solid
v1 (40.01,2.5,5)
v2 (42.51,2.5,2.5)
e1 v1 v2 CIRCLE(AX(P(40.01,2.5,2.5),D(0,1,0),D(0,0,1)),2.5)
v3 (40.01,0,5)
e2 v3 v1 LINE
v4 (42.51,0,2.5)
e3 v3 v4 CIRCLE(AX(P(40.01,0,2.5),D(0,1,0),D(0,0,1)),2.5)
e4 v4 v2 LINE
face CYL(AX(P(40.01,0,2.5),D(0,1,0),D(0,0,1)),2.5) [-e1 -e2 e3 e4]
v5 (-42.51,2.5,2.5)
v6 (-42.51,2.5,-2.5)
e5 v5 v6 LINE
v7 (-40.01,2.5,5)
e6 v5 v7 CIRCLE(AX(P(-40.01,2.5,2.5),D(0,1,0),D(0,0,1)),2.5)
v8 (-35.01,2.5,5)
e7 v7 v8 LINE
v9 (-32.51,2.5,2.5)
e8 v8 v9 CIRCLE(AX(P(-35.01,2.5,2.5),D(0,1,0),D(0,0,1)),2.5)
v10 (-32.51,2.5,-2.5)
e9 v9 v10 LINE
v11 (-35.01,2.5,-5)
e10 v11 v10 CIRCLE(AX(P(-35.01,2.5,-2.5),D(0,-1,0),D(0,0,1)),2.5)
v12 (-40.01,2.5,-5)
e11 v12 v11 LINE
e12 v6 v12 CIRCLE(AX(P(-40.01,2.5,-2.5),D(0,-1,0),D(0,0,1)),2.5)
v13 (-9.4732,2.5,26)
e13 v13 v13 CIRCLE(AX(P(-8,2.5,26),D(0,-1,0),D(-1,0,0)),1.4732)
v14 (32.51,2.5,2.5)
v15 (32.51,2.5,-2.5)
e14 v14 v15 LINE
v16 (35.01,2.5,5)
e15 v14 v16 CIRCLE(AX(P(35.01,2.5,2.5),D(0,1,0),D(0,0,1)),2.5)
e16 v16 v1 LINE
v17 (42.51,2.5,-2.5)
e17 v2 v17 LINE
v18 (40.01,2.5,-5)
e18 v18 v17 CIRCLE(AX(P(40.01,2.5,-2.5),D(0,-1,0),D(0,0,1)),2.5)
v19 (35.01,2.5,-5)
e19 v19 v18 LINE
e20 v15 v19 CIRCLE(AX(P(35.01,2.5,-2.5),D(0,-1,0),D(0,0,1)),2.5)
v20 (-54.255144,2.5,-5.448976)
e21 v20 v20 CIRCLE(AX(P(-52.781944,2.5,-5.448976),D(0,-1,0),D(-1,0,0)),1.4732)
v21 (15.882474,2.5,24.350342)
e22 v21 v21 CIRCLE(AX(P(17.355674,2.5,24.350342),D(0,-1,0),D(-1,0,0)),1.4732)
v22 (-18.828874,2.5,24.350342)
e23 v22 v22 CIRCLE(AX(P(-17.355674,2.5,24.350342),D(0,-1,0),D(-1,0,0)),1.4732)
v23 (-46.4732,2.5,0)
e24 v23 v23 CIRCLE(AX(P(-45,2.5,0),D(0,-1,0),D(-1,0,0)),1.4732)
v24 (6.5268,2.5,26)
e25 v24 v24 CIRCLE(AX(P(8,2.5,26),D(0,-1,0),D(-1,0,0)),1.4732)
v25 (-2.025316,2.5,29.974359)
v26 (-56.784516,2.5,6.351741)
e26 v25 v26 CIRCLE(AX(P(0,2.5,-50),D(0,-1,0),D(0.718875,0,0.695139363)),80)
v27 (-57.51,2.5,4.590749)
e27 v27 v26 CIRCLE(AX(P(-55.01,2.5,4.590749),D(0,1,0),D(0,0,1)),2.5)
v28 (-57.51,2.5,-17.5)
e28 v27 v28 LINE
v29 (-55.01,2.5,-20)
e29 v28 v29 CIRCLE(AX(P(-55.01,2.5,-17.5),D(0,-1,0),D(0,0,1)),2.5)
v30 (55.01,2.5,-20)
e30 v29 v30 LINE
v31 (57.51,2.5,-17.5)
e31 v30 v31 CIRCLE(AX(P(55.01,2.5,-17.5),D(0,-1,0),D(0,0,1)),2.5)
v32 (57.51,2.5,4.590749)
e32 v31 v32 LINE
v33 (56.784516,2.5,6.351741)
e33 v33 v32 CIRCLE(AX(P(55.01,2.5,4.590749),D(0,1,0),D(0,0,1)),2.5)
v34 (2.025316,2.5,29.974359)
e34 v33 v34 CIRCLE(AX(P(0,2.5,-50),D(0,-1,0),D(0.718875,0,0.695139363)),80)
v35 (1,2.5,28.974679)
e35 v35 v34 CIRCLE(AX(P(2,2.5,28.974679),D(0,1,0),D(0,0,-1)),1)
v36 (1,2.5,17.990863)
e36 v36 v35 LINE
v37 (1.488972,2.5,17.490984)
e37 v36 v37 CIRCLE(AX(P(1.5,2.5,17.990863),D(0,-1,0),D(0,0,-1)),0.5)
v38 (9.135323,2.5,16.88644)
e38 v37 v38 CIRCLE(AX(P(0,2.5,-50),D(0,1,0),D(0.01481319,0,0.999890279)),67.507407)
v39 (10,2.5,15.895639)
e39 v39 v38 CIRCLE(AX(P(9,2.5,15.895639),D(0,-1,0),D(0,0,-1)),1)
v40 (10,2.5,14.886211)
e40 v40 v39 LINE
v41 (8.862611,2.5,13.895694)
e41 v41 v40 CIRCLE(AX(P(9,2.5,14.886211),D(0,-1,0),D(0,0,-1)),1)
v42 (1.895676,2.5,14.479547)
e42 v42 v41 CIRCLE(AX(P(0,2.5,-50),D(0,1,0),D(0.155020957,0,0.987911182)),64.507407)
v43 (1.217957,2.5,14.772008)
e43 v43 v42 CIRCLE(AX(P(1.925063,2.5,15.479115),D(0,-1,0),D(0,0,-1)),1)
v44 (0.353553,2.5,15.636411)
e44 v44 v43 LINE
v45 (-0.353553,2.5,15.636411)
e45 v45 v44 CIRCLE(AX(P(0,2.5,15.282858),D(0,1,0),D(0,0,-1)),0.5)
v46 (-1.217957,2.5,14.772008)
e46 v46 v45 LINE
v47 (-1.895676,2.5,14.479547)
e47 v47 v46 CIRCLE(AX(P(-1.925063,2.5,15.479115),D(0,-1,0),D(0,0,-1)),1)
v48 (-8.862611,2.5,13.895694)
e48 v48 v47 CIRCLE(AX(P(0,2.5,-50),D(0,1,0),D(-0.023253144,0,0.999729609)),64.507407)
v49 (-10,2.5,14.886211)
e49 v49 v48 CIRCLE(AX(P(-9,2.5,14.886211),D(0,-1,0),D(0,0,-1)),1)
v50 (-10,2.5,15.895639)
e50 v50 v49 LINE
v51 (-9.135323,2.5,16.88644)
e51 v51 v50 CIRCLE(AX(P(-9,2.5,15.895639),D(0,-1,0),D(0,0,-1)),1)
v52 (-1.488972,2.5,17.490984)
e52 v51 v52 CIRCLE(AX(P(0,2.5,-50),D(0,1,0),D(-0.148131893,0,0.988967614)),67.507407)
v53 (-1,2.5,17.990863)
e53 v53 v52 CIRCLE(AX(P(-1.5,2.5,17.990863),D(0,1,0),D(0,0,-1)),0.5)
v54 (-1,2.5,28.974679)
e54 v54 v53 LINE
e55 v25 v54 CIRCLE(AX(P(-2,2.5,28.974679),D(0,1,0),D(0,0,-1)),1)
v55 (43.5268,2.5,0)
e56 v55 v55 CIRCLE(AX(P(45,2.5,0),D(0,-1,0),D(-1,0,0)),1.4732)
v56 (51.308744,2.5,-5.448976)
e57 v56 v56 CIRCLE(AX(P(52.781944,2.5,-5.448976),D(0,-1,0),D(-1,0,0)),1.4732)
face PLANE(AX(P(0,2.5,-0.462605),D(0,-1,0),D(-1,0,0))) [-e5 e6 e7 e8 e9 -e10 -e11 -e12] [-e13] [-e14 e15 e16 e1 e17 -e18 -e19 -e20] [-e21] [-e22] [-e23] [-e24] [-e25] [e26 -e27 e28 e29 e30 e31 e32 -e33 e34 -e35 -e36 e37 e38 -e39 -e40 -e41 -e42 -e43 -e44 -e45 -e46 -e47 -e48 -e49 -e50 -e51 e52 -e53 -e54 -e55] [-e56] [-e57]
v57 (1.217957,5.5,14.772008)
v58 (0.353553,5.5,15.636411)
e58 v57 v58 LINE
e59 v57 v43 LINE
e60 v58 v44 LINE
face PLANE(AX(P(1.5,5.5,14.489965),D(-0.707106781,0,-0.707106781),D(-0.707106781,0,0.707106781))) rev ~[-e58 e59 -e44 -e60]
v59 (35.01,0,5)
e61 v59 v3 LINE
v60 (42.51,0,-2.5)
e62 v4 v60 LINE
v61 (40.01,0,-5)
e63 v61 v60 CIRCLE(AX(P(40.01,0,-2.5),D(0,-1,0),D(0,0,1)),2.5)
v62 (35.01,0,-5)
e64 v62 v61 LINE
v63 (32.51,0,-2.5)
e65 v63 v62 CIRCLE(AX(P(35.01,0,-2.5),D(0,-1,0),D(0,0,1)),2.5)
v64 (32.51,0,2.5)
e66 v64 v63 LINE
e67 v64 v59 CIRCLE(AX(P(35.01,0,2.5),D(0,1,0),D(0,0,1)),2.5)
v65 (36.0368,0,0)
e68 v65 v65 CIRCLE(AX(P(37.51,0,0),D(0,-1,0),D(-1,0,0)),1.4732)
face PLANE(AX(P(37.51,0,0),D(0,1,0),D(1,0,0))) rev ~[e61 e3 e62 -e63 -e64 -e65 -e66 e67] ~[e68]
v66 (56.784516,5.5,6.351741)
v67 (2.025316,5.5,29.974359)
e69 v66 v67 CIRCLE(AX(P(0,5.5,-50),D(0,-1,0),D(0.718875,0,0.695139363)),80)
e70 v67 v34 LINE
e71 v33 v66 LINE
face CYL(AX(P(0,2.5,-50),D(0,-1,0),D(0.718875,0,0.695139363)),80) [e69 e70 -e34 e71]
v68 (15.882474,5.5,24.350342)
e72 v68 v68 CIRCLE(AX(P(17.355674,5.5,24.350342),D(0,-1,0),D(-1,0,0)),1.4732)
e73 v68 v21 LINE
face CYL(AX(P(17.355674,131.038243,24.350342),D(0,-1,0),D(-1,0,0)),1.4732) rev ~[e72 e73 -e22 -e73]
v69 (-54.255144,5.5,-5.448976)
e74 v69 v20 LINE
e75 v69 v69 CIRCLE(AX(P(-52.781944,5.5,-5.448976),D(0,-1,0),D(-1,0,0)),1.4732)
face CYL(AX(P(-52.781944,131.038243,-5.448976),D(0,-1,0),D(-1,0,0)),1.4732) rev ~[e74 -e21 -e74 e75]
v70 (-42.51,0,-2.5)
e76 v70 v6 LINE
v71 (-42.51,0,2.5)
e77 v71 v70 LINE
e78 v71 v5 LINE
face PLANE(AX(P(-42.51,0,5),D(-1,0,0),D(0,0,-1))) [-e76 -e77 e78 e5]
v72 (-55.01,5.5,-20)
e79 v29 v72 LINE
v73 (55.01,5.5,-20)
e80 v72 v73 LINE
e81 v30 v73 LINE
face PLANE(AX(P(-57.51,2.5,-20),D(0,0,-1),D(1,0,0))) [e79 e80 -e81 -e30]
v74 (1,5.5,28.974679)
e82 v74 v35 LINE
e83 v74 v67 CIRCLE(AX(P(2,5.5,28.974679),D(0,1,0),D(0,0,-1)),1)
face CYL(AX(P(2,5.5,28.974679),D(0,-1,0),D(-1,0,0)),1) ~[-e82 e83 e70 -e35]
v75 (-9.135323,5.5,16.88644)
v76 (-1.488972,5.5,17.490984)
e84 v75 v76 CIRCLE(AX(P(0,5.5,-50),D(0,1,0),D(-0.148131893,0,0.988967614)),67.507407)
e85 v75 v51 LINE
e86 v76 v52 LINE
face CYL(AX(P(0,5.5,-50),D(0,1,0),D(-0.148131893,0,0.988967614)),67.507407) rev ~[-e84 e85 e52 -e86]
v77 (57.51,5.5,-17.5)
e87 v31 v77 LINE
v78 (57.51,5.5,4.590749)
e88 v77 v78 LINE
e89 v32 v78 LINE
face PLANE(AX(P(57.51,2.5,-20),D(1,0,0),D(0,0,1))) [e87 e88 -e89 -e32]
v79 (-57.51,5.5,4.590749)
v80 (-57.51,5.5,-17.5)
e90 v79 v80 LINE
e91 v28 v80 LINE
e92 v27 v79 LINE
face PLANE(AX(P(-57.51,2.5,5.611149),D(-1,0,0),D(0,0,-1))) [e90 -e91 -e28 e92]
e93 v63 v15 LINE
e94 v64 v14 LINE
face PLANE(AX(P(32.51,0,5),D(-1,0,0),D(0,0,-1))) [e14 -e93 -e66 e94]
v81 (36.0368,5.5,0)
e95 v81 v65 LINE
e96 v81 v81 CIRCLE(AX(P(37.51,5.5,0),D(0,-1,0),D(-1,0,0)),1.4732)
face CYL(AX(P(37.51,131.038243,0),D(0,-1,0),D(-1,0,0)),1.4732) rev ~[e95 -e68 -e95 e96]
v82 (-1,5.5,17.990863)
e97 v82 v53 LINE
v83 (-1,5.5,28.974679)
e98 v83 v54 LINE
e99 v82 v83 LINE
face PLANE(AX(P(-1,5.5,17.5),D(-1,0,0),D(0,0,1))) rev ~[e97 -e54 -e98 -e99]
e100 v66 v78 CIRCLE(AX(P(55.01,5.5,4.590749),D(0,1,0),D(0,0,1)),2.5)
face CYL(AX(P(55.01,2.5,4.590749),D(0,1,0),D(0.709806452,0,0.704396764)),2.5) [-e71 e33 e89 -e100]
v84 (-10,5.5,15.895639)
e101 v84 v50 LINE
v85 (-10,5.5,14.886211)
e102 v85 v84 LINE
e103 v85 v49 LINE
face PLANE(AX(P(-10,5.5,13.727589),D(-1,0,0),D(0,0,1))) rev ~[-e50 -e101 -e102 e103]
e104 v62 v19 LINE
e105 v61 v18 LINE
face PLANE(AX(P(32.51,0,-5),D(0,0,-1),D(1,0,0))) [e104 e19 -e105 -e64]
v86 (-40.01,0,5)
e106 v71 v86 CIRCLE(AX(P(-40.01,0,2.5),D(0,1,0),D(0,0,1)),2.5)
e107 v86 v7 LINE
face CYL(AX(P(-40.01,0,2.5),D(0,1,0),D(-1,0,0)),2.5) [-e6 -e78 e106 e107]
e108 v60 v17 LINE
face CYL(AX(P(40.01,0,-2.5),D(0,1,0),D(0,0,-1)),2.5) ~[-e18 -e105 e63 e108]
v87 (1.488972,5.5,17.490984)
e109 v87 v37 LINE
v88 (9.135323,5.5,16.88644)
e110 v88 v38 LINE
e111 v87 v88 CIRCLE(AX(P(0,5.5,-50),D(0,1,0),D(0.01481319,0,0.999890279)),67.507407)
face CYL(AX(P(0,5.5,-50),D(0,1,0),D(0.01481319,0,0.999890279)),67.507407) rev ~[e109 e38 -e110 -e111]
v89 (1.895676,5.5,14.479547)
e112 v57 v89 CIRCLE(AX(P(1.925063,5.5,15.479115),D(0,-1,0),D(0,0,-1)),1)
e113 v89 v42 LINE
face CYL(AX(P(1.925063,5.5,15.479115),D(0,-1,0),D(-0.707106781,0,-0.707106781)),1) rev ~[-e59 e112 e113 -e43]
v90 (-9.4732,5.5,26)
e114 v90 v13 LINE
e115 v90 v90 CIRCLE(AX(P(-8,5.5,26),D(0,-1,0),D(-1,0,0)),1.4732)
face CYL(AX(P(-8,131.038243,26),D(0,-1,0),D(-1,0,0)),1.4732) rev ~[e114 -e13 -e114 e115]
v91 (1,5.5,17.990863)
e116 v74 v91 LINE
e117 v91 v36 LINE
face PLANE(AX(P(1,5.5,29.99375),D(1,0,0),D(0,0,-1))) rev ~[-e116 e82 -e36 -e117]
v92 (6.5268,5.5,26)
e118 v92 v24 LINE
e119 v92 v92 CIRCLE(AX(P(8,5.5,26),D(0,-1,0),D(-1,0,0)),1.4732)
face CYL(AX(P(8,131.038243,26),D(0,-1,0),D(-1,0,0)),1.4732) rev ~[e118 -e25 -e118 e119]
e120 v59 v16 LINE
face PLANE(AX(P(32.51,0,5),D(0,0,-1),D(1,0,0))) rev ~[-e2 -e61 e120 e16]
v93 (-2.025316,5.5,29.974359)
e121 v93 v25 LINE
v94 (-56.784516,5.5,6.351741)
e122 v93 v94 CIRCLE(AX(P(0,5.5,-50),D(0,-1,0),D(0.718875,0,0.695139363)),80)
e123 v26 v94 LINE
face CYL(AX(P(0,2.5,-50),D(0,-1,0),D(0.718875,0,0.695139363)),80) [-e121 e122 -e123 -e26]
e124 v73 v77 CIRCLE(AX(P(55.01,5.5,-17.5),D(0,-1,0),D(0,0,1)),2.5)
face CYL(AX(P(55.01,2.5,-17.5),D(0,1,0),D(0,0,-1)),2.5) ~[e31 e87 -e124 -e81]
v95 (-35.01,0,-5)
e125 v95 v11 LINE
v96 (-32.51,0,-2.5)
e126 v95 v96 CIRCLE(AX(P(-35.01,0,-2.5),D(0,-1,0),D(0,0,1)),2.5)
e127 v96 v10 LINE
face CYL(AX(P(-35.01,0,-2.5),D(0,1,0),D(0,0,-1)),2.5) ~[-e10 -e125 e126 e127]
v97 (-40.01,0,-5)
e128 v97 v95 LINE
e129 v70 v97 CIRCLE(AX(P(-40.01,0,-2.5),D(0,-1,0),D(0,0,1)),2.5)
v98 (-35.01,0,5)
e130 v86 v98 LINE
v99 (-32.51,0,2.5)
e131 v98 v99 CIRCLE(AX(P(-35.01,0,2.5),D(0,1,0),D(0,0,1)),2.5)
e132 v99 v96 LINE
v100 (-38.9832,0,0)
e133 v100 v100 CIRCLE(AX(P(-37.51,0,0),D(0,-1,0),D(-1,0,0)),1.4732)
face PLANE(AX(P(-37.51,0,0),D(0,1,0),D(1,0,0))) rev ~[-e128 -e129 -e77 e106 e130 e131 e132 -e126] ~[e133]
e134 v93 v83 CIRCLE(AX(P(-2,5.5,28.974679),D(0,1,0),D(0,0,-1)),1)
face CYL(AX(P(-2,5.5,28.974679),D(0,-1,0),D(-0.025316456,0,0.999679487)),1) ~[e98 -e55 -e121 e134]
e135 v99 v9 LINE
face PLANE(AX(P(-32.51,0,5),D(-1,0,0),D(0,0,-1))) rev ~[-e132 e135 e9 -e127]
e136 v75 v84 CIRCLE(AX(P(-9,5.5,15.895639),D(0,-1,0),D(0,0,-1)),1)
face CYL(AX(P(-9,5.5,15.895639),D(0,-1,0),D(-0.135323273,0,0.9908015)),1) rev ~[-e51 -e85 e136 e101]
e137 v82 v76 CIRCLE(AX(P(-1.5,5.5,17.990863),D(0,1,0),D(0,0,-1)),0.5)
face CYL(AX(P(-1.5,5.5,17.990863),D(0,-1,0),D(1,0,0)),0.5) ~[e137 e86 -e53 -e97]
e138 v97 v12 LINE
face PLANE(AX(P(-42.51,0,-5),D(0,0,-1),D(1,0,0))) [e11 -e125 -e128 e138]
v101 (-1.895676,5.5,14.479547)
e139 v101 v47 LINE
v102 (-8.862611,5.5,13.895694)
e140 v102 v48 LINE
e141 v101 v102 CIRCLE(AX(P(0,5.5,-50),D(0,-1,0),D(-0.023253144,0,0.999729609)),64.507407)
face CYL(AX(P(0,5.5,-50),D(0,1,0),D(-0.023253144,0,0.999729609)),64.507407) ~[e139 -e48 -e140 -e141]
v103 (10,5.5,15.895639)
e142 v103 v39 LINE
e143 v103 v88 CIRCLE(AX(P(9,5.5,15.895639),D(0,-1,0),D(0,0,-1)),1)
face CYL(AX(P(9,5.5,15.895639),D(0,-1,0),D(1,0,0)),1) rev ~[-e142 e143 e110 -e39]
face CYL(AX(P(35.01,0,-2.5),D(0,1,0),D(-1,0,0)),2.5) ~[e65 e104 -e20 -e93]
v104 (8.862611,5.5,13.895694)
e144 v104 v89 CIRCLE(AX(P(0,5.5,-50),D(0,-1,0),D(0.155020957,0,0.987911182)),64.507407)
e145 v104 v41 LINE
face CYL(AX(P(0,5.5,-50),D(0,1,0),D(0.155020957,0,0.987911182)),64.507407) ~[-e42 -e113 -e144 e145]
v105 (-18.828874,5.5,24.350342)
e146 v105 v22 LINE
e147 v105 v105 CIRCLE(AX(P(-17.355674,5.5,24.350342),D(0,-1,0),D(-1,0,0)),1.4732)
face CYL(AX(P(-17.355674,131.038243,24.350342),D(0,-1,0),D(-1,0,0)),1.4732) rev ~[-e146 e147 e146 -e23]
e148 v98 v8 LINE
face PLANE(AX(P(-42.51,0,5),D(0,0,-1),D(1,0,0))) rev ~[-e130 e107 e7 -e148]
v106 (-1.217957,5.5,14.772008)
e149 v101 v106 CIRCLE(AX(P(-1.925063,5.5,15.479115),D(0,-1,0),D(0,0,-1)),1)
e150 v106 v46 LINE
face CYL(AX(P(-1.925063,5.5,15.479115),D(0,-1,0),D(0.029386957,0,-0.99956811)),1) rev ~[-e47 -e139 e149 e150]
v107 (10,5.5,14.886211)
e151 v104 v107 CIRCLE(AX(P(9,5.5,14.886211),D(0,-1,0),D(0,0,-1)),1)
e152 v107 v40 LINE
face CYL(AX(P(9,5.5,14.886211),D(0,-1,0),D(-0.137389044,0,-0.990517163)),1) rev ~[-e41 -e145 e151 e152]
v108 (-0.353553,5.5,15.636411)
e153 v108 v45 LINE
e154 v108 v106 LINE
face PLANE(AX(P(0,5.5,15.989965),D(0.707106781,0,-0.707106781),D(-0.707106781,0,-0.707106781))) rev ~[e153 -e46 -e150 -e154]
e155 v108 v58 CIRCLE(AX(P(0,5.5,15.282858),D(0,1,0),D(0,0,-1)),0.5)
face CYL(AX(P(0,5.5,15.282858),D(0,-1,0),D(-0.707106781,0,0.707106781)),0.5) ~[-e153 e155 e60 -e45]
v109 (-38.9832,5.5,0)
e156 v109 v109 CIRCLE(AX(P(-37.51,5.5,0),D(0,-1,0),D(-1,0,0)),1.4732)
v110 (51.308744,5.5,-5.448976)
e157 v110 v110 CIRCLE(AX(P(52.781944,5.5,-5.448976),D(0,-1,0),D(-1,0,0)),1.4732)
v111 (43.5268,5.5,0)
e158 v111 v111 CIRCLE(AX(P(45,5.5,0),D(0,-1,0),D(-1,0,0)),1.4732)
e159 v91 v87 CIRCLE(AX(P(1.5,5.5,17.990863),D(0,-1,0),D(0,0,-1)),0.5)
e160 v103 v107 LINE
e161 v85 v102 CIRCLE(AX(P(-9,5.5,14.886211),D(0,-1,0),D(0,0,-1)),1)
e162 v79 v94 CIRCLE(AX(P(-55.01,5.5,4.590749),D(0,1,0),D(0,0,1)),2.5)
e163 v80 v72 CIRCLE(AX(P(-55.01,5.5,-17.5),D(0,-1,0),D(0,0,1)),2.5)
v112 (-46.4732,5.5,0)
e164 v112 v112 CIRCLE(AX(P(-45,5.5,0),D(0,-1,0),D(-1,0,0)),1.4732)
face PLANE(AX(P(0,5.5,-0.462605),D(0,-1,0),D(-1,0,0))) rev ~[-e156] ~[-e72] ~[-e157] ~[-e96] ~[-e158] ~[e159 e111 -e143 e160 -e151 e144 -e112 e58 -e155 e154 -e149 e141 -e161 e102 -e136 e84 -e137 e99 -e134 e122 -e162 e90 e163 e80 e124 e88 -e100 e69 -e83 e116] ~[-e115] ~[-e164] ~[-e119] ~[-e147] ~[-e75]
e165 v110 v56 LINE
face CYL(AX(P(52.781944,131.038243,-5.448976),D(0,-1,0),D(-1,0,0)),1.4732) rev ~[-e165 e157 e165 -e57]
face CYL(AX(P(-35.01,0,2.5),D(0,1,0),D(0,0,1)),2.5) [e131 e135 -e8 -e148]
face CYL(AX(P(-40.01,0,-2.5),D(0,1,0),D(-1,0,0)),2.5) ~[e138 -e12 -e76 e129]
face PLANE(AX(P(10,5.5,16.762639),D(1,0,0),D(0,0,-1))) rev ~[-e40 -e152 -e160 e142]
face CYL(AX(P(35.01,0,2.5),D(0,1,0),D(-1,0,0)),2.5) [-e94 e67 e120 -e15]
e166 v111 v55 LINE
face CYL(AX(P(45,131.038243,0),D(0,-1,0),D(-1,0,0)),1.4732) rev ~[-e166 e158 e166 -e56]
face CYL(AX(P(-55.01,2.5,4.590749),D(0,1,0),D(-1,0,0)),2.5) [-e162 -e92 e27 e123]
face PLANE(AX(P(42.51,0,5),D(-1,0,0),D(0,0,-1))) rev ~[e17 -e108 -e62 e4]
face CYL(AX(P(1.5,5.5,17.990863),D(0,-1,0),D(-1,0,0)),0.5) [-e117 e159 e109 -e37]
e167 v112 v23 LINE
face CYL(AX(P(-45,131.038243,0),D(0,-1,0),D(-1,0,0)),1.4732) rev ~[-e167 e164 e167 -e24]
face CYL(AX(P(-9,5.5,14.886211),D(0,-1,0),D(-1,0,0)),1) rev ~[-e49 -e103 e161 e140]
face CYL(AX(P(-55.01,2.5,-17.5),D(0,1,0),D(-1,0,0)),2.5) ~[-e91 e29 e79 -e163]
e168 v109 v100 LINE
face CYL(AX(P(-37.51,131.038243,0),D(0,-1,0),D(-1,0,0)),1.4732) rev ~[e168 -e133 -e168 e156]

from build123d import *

# Parameters (mm, degrees)
SKETCH1_W             = 10
SKETCH1_H             = 10
BOSS_EXTRUDE1_DEPTH   = 2.5
BOSS_EXTRUDE1_2_DEPTH = 2.5
BOSS_EXTRUDE2_DEPTH   = 3
F_2_CLEARANCE_HOLE1_D = 2.9464
FILLET1_R             = 2.5
F_2_CLEARANCE_HOLE2_D = 2.9464
CUT_EXTRUDE1_DEPTH    = 66.097235732
FILLET2_R             = 1
FILLET3_R             = 0.5


with BuildPart() as part:
    # Sketch1 → Boss-Extrude1 (new body)
    with BuildSketch(Plane(origin=(0, 0, 0), x_dir=(1, 0, 0), z_dir=(0, 1, 0))):
        with Locations((-37.51, 0)):
            Rectangle(SKETCH1_W, SKETCH1_H)
    extrude(amount=BOSS_EXTRUDE1_DEPTH)



with BuildPart() as body_2:
    # Sketch1 → Boss-Extrude1 2 (new body)
    with BuildSketch(Plane(origin=(0, 0, 0), x_dir=(1, 0, 0), z_dir=(0, 1, 0))):
        with Locations((37.51, 0)):
            Rectangle(SKETCH1_W, SKETCH1_H)
    extrude(amount=BOSS_EXTRUDE1_2_DEPTH)


with BuildPart() as part_1:
    add(part.part)

    add(body_2.part)  # Boss-Extrude2 merges body 2
    # Sketch2 → Boss-Extrude2 (add)
    with BuildSketch(Plane(origin=(0, 2.5, 0), x_dir=(1, 0, 0), z_dir=(0, 1, 0))):
        with BuildLine():
            Line((-57.51, -5.611149062), (-57.51, 20))
            Line((-57.51, 20), (57.51, 20))
            Line((57.51, 20), (57.51, -5.611149062))
            ThreePointArc((57.51, -5.611149062), (0, -30), (-57.51, -5.611149062))
        make_face()
    extrude(amount=BOSS_EXTRUDE2_DEPTH)

    # #2 Clearance Hole1 (through all)
    with Locations(Plane(origin=(0, 5.5, 0), x_dir=(1, 0, 0), z_dir=(0, 1, 0))):
        with Locations((17.355673654, -24.350342312), (-17.355673654, -24.350342312), (-8, -26), (-52.781944421, 5.448976145), (-45, 0), (45, 0), (52.781944421, 5.448976145), (8, -26)):
            Hole(F_2_CLEARANCE_HOLE1_D / 2)

    # Fillet1
    fillet1_edges = [part_1.edges().sort_by_distance(p)[0] for p in [
        (-57.51, 4, 5.611149062),
        (57.51, 4, 5.611149062),
        (57.51, 4, -20),
        (-57.51, 4, -20),
        (32.51, 1.25, -5),
        (32.51, 1.25, 5),
        (42.51, 1.25, 5),
        (42.51, 1.25, -5),
        (-32.51, 1.25, 5),
        (-42.51, 1.25, 5),
        (-42.51, 1.25, -5),
        (-32.51, 1.25, -5),
    ]]
    fillet(fillet1_edges, radius=FILLET1_R)

    # #2 Clearance Hole2 (through all)
    with Locations(Plane(origin=(0, 5.5, 0), x_dir=(1, 0, 0), z_dir=(0, 1, 0))):
        with Locations((-37.51, 0), (37.51, 0)):
            Hole(F_2_CLEARANCE_HOLE2_D / 2)

    # Sketch7 → Cut-Extrude1 (cut, through all)
    with BuildSketch(Plane(origin=(0, 5.5, 0), x_dir=(1, 0, 0), z_dir=(0, 1, 0))):
        with BuildLine():
            Line((-1, -17.5), (-1, -29.993749756))
            Line((-1, -29.993749756), (0, -30))
            Line((0, -30), (1, -29.993749756))
            Line((1, -29.993749756), (1, -17.5))
            ThreePointArc((1, -17.5), (5.512342988, -17.281974367), (10, -16.762639253))
            Line((10, -16.762639253), (10, -13.727588672))
            ThreePointArc((10, -13.727588672), (5.762621308, -14.249496135), (1.5, -14.489964785))
            Line((1.5, -14.489964785), (0, -15.989964785))
            Line((0, -15.989964785), (-1.5, -14.489964785))
            ThreePointArc((-1.5, -14.489964785), (-5.762621308, -14.249496135), (-10, -13.727588672))
            Line((-10, -13.727588672), (-10, -16.762639253))
            ThreePointArc((-10, -16.762639253), (-5.512342988, -17.281974367), (-1, -17.5))
        make_face()
    extrude(amount=-CUT_EXTRUDE1_DEPTH, mode=Mode.SUBTRACT)


with BuildPart() as cut_extrude1_kept_piece:
    # of the separate pieces the step leaves, the one the design keeps (cut_extrude1_pieces_kept)
    add(part_1.part.solids().sort_by_distance((-57.51, 2.5, 4.590749216))[0])

    # Fillet2
    fillet2_edges = [cut_extrude1_kept_piece.edges().sort_by_distance(p)[0] for p in [
        (10, 4, 13.727588672),
        (10, 4, 16.762639253),
        (1, 4, 29.993749756),
        (-1, 4, 29.993749756),
        (-10, 4, 16.762639253),
        (-1.5, 4, 14.489964785),
        (1.5, 4, 14.489964785),
        (-10, 4, 13.727588672),
    ]]
    fillet(fillet2_edges, radius=FILLET2_R)

    # Fillet3
    fillet3_edges = [cut_extrude1_kept_piece.edges().sort_by_distance(p)[0] for p in [
        (1, 4, 17.5),
        (-1, 4, 17.5),
        (0, 4, 15.989964785),
    ]]
    fillet(fillet3_edges, radius=FILLET3_R)


solid = cut_extrude1_kept_piece.part
